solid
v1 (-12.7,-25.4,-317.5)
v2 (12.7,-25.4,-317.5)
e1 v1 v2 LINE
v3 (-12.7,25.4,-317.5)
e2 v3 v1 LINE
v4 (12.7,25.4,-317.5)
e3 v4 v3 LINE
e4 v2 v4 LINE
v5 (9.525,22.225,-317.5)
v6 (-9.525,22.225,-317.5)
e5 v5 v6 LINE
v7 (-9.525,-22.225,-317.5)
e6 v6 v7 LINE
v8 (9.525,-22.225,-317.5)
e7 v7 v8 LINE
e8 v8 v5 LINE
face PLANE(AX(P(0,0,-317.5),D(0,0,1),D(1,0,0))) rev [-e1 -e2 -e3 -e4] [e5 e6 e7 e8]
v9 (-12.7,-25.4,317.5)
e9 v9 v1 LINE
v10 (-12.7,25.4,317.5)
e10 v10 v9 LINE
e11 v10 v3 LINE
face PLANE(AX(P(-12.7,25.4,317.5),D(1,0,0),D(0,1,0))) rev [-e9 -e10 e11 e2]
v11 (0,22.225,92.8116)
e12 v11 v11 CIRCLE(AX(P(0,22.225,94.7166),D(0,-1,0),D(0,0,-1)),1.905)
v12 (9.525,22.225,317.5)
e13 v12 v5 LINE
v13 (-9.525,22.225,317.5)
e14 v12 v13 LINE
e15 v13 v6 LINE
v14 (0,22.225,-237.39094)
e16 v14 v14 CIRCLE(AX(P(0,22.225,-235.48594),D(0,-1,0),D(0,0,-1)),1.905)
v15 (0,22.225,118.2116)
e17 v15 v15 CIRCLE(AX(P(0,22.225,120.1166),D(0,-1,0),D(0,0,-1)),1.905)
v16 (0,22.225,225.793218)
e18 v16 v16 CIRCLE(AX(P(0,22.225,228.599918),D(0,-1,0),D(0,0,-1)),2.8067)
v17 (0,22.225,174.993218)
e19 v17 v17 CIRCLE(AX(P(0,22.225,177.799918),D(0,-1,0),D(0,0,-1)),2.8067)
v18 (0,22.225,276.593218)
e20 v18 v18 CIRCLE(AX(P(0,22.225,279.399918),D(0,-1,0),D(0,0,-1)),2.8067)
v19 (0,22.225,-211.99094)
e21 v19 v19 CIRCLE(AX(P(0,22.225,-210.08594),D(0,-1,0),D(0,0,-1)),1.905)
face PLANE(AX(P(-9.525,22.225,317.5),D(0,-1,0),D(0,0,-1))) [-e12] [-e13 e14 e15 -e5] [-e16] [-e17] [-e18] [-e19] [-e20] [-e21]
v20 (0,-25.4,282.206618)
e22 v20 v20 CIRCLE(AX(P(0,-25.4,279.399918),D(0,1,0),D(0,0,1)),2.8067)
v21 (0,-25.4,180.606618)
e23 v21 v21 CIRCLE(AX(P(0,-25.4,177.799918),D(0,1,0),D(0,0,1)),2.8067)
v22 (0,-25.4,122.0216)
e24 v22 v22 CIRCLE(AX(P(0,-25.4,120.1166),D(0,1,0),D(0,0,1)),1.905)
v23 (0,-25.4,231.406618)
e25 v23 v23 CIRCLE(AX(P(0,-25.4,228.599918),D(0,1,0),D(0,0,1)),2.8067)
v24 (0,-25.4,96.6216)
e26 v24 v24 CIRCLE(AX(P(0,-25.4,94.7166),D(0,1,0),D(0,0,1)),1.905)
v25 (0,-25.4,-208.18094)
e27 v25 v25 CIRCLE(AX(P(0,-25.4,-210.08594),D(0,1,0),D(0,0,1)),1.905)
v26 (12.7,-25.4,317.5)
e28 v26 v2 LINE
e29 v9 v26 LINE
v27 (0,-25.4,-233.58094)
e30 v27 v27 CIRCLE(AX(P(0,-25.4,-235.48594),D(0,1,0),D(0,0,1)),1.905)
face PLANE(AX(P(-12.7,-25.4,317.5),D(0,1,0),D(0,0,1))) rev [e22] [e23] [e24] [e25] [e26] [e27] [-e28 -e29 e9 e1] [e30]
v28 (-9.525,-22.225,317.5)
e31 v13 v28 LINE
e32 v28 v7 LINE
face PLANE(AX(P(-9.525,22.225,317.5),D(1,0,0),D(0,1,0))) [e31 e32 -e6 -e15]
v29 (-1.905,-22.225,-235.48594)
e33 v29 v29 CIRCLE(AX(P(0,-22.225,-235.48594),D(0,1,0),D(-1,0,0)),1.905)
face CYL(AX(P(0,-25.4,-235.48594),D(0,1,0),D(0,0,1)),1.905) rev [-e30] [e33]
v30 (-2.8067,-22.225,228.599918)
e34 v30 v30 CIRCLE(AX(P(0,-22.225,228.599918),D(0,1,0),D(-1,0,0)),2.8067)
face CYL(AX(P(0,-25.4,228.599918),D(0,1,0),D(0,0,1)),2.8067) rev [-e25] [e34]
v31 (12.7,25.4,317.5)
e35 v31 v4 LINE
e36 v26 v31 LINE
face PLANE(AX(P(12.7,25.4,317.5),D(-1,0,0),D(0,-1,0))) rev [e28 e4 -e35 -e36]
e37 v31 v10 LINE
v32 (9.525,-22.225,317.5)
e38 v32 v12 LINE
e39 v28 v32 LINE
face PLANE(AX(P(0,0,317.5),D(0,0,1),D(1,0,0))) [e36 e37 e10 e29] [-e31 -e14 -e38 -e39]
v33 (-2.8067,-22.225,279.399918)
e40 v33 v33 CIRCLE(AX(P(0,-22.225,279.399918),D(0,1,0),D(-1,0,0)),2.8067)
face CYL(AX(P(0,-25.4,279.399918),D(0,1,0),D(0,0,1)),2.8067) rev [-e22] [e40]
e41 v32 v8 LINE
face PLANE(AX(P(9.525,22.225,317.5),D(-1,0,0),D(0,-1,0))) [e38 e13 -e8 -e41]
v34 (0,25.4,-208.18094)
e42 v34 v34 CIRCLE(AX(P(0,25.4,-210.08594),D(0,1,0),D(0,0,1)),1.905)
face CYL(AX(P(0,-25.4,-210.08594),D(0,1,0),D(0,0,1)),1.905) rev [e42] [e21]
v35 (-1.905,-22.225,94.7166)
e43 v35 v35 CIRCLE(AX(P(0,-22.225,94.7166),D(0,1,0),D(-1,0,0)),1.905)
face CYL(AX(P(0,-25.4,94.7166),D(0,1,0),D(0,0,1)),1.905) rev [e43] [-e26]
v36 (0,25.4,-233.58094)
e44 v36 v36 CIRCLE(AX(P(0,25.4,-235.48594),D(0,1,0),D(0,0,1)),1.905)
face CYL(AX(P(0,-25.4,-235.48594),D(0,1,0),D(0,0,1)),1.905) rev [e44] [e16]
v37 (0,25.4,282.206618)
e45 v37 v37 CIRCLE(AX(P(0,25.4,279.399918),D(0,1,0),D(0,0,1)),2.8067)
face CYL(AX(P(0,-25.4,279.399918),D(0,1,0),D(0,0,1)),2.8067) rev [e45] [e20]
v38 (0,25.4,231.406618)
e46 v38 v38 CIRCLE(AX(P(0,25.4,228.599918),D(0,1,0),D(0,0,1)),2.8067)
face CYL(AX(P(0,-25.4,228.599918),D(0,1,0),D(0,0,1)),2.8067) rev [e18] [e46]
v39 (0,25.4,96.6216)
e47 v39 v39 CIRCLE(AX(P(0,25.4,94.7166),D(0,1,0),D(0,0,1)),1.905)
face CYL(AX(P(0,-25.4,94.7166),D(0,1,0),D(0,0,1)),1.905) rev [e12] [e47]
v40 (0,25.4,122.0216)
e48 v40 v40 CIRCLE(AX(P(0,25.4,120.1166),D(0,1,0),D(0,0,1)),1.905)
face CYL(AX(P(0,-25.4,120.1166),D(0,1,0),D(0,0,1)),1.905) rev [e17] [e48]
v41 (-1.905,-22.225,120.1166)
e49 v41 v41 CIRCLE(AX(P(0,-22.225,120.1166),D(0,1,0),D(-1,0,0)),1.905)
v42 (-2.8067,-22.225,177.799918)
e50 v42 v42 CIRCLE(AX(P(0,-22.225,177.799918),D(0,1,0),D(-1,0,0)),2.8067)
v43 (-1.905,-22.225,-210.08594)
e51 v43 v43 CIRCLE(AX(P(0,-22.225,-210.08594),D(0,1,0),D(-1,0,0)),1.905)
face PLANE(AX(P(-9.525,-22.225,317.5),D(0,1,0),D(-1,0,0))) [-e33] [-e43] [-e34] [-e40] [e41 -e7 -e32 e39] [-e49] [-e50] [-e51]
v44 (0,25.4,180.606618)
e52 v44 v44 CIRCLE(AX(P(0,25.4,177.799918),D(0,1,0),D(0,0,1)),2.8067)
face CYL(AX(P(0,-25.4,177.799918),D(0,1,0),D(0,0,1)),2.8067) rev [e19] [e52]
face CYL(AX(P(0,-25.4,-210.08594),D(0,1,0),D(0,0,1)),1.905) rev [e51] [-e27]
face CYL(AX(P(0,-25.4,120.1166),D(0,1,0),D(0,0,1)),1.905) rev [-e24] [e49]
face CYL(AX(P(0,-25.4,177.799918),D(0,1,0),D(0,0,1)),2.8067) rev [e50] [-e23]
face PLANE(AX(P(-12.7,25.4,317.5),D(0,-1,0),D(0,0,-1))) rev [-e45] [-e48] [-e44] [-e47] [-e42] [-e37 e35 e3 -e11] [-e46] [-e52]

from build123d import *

# Parameters (mm, degrees)
SKETCH1_W           = 25.4
SKETCH1_H           = 50.8
SKETCH1_W_2         = 19.05
SKETCH1_H_2         = 44.45
BOSS_EXTRUDE1_DEPTH = 317.5
SKETCH2_R           = 1.905
CUT_EXTRUDE1_DEPTH  = 322.789030267
SKETCH3_R           = 2.1971
SKETCH3_R_2         = 2.8067
CUT_EXTRUDE2_DEPTH  = 322.789030267


with BuildPart() as part:
    # Sketch1 → Boss-Extrude1 (new, symmetric)
    with BuildSketch(Plane.XY):
        Rectangle(SKETCH1_W, SKETCH1_H)
        Rectangle(SKETCH1_W_2, SKETCH1_H_2, mode=Mode.SUBTRACT)
    extrude(amount=BOSS_EXTRUDE1_DEPTH, both=True)

    # Sketch2 → Cut-Extrude1 (cut, through all)
    with BuildSketch(Plane(origin=(0, 25.4, 0), x_dir=(1, 0, 0), z_dir=(0, 1, 0))):
        with Locations(Location((0, -120.1166, 0), (0, 0, 270))):
            Circle(SKETCH2_R)
        with Locations(Location((0, -94.7166, 0), (0, 0, 270))):
            Circle(SKETCH2_R)
        with Locations(Location((0, 235.48594, 0), (0, 0, 270))):
            Circle(SKETCH2_R)
        with Locations(Location((0, 210.08594, 0), (0, 0, 270))):
            Circle(SKETCH2_R)
    extrude(amount=-CUT_EXTRUDE1_DEPTH, mode=Mode.SUBTRACT)

    # Sketch3 → Cut-Extrude2 (cut, through all)
    with BuildSketch(Plane(origin=(0, 25.4, 0), x_dir=(1, 0, 0), z_dir=(0, 1, 0))):
        with Locations((673.1, -279.399917536)):
            Circle(SKETCH3_R)
        with Locations((673.1, -228.599917536)):
            Circle(SKETCH3_R)
        with Locations((673.1, -177.799917536)):
            Circle(SKETCH3_R)
        with Locations(Location((0, -279.399917536, 0), (0, 0, 270))):
            Circle(SKETCH3_R_2)
        with Locations(Location((0, -228.599917536, 0), (0, 0, 270))):
            Circle(SKETCH3_R_2)
        with Locations(Location((0, -177.799917536, 0), (0, 0, 270))):
            Circle(SKETCH3_R_2)
    extrude(amount=-CUT_EXTRUDE2_DEPTH, mode=Mode.SUBTRACT)


solid = part.part
